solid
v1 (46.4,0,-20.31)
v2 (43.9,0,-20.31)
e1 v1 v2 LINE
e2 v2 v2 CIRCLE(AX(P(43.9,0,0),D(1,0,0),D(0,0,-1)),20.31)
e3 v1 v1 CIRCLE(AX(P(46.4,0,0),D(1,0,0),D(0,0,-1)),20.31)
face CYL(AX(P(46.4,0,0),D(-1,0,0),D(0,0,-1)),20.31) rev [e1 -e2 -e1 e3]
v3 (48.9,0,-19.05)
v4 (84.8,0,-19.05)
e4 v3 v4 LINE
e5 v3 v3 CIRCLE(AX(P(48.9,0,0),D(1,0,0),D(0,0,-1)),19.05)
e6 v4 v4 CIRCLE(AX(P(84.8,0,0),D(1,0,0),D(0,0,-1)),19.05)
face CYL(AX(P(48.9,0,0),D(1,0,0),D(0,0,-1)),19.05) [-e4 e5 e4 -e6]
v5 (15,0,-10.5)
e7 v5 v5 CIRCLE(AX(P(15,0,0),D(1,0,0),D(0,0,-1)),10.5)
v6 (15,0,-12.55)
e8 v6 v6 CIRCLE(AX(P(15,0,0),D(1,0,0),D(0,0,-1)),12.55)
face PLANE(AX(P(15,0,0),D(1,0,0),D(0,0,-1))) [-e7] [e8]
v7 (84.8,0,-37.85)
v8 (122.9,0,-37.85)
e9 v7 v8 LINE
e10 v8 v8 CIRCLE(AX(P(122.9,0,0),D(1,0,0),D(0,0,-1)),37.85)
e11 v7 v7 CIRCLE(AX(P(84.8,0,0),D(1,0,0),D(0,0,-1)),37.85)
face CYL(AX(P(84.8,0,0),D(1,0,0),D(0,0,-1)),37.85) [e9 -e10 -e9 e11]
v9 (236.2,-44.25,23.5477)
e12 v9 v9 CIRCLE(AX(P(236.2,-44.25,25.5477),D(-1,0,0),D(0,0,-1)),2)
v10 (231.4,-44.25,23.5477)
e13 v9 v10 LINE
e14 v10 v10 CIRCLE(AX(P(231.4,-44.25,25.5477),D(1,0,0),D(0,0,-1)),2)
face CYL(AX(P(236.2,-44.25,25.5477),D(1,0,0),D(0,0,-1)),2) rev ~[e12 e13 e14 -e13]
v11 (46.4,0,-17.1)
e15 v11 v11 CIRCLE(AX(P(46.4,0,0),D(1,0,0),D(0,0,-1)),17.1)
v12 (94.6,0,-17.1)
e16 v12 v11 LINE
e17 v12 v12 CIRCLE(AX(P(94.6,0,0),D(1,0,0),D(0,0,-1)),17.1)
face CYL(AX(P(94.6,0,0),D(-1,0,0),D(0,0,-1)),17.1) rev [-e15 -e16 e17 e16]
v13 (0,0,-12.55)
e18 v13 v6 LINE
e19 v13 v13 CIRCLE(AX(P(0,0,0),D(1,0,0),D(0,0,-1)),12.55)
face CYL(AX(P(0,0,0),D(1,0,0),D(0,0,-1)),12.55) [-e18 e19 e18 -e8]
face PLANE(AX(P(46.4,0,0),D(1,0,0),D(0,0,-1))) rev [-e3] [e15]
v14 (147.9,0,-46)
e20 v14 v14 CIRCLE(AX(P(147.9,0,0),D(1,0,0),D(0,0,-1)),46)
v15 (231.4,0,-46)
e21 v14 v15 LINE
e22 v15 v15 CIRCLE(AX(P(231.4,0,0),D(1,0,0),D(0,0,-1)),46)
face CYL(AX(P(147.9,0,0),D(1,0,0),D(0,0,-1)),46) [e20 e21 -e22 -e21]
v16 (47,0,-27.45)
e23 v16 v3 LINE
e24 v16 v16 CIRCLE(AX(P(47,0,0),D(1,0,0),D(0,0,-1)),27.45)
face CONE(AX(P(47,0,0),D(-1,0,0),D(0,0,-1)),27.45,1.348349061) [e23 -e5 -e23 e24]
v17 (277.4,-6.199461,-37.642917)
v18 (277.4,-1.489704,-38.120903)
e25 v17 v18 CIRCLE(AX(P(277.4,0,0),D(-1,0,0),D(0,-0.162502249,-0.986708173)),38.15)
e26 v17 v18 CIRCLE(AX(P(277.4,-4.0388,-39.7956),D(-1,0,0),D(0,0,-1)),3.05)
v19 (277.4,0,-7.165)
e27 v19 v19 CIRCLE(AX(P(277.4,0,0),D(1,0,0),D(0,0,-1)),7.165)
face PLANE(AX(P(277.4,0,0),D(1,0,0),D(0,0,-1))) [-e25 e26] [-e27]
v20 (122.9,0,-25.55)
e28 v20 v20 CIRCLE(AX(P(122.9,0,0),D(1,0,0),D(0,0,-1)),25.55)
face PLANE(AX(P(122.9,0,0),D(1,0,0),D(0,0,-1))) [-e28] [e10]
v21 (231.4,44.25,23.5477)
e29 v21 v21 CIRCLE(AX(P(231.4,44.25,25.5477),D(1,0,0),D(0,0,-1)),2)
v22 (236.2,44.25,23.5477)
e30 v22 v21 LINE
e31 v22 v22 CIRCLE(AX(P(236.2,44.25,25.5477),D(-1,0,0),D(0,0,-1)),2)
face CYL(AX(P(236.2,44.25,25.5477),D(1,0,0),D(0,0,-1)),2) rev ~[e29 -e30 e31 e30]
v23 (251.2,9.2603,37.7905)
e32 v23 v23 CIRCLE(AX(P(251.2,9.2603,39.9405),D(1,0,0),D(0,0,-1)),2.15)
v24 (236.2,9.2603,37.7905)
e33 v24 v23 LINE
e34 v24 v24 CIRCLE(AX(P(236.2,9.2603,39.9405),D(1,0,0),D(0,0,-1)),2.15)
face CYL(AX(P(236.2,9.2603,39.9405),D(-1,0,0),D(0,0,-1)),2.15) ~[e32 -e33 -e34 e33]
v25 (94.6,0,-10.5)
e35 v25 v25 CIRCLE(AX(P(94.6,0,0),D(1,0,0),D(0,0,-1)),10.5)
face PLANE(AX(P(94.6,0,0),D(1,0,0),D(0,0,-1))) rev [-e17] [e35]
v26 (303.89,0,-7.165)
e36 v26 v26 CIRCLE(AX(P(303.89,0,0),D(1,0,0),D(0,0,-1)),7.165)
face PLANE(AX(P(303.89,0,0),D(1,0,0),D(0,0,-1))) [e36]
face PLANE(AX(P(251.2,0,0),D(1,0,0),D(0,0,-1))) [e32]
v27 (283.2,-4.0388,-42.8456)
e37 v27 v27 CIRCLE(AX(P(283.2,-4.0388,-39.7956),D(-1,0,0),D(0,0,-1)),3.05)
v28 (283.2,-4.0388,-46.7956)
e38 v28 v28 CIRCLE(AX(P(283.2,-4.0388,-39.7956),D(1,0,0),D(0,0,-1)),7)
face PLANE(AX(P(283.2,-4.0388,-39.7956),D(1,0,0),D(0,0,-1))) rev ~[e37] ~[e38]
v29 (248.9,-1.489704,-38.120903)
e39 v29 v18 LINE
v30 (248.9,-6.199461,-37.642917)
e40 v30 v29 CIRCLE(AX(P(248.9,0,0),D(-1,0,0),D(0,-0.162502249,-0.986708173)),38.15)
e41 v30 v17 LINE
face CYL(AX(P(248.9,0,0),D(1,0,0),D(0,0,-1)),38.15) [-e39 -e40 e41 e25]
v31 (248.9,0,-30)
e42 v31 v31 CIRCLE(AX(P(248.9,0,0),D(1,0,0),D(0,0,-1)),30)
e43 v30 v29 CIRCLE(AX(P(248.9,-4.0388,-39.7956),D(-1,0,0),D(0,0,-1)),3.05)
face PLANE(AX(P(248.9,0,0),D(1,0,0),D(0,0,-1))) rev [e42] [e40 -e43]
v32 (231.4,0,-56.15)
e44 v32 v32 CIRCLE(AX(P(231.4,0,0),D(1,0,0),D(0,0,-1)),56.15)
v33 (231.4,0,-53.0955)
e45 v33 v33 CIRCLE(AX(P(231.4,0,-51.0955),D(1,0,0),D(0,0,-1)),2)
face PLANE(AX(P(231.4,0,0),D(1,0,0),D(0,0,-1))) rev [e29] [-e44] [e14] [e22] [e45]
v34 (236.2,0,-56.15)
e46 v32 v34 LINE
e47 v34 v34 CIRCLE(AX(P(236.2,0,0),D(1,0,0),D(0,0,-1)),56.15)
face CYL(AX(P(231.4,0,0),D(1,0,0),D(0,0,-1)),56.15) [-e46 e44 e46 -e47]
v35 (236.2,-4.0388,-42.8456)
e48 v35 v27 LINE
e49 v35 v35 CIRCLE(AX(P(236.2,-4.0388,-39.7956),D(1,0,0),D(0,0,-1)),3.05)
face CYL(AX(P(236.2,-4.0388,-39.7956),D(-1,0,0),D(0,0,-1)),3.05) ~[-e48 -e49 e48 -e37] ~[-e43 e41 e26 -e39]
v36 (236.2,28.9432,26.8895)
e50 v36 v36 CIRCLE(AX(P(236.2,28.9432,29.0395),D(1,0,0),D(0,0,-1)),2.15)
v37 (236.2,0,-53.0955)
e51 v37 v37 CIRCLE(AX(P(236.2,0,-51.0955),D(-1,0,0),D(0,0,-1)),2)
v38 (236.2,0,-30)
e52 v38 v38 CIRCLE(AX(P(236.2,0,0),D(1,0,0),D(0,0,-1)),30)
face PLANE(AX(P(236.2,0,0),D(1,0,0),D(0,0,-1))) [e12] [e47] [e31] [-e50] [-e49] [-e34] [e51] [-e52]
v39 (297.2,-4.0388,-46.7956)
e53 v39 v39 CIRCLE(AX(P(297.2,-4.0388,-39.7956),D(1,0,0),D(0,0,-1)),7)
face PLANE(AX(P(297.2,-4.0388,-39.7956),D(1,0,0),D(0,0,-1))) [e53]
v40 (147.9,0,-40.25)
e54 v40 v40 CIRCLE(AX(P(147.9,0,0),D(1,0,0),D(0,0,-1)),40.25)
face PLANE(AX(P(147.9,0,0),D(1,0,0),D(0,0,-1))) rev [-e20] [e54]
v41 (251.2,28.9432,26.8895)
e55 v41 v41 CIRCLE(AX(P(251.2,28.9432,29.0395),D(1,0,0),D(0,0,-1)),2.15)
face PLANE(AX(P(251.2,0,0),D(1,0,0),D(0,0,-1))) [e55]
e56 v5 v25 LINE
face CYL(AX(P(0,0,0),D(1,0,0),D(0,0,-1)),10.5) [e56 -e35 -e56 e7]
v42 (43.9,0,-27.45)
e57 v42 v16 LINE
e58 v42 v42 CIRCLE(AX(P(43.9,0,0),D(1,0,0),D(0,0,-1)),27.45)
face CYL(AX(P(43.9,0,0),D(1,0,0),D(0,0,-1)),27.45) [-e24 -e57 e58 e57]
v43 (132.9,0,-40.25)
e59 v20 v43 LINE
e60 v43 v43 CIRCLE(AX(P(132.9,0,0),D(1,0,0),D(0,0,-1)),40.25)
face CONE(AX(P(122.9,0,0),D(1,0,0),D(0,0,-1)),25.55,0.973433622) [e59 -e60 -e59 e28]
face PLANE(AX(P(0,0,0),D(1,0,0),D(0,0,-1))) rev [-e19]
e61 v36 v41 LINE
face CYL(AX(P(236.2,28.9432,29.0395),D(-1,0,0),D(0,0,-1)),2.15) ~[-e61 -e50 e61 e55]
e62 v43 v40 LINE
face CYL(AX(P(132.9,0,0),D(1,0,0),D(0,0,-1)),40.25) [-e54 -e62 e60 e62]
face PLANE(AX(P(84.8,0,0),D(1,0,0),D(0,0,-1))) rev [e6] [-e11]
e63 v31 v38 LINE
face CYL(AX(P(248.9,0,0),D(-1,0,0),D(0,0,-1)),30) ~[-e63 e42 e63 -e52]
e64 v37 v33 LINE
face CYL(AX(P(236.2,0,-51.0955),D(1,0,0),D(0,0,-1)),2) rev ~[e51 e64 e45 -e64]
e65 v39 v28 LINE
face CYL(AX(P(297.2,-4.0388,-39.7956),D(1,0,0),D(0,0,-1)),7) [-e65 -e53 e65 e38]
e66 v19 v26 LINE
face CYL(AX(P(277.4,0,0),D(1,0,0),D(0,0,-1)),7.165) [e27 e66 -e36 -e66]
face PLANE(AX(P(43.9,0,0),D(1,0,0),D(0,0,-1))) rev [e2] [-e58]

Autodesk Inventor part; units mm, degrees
ref_plane "YZ Plane" through (0, 0, 0) normal (1, 0, 0) x (0, 1, 0)
ref_plane "XZ Plane" through (0, 0, 0) normal (0, 1, 0) x (-1, 0, 0)
ref_plane "XY Plane" through (0, 0, 0) normal (0, 0, 1) x (1, 0, 0)
sketch "Sketch1" plane through (0, 0, 0) normal (0, 1, 0) x (-1, 0, 0)
  line L0 (0, 0) -> (-303.89, 0)
  line L1 (0, 0) -> (0, -10.5)
  line L2 (0, -10.5) -> (-94.6, -10.5)
  line L3 (-94.6, -10.5) -> (-94.6, -17.1)
  line L4 (-94.6, -17.1) -> (-46.4, -17.1)
  line L5 (-46.4, -17.1) -> (-46.4, -20.31)
  line L6 (-46.4, -20.31) -> (-43.9, -20.31)
  line L7 (-43.9, -20.31) -> (-43.9, -27.45)
  line L8 (-43.9, -27.45) -> (-47, -27.45)
  line L9 (-47, -27.45) -> (-48.9, -19.05)
  line L10 (-48.9, -19.05) -> (-84.8, -19.05)
  line L11 (-84.8, -19.05) -> (-84.8, -37.85)
  line L12 (-84.8, -37.85) -> (-122.9, -37.85)
  line L13 (-122.9, -37.85) -> (-122.9, -25.55)
  line L14 (-122.9, -25.55) -> (-132.9, -40.25)
  line L15 (-132.9, -40.25) -> (-132.9, -40.25)
  line L16 (-132.9, -40.25) -> (-147.9, -40.25)
  line L17 (-147.9, -40.25) -> (-147.9, -46)
  line L18 (-147.9, -46) -> (-150, -46)
  line L19 (-150, -46) -> (-150, -46)
  line L20 (-150, -46) -> (-231.4, -46)
  line L21 (-231.4, -46) -> (-231.4, -56.15)
  line L22 (-231.4, -56.15) -> (-236.2, -56.15)
  line L23 (-236.2, -56.15) -> (-236.2, 0)
  line L24 (-248.9, 0) -> (-248.9, -38.15)
  line L25 (-248.9, -38.15) -> (-277.4, -38.15)
  line L26 (-277.4, -38.15) -> (-277.4, -7.165)
  line L27 (-277.4, -7.165) -> (-303.89, -7.165)
  line L28 (-303.89, -7.165) -> (-303.89, 0)
  line L29 (0, -10.5) -> (0, -12.55)
  line L30 (0, -12.55) -> (-15, -12.55)
  line L31 (-15, -12.55) -> (-15, -10.5)
  line L32 (-236.2, 0) -> (-248.9, 0)
  line L33 (-248.9, 0) -> (-248.9, -30)
  line L34 (-248.9, -30) -> (-236.2, -30)
  line L35 (-236.2, -30) -> (-236.2, 0)
  dimension "d0" = 303.89
  dimension "d1" = 10.5
  dimension "d2" = 94.6
  dimension "d3" = 6.6
  dimension "d4" = 48.2
  dimension "d5" = 3.21
  dimension "d6" = 2.5
  dimension "d7" = 27.45
  dimension "d8" = 3.1
  dimension "d9" = 5
  dimension "d10" = 19.05
  dimension "d11" = 37.8
  dimension "d12" = 37.85
  dimension "d13" = 38.1
  dimension "d14" = 12.3
  dimension "d16" = 10
  dimension "d17" = 40.25
  dimension "d18" = 40.25
  dimension "d19" = 15
  dimension "d20" = 46
  dimension "d21" = 2.1
  dimension "d22" = 46
  dimension "d23" = 98.5
  dimension "d24" = 56.15
  dimension "d25" = 103.3
  dimension "d26" = 12.7
  dimension "d27" = 144.5
  dimension "d28" = 38.15
  dimension "d29" = 90
  dimension "d30" = 7.165
  dimension "d31" = 26.49
  dimension "d54" = 15
  dimension "d55" = 12.55
  dimension "d56" = 30
revolve "Revolution1" add sketch "Sketch1" angle 360 about axis through (0, 0, 0) along (1, 0, 0)
sketch "Sketch6" plane through (236.2, 0, 0) normal (1, 0, 0) x (0, 0, -1)
  line L0 (-25.5477, -44.25) -> (-25.5477, 44.25)
  line L1 (-25.5477, 44.25) -> (51.0955, 0)
  line L2 (51.0955, 0) -> (-25.5477, -44.25)
  circle A0 centre (51.0955, 0) radius 2
  circle A1 centre (-25.5477, -44.25) radius 2
  circle A2 centre (-25.5477, 44.25) radius 2
  point P0 (0, 0)
  point P1 (0, 0)
  dimension "d57" = 4
  dimension "d58" = 88.5
extrude "Extrusion3" cut sketch "Sketch6" against normal up to surface (4.8 mm away) contours L2 A1 L0 | L0 A1 L2 | A2 L1 L0 | L0 L1 A2 | A0 L1 L2 | L2 L1 A0
sketch "Sketch7" plane through (236.2, 0, 0) normal (1, 0, 0) x (0, 0, -1)
  circle A0 centre (0, 0) radius 30 projected
  circle A1 centre (0, 0) radius 41 construction
  circle A2 centre (-29.0395, 28.9432) radius 2.15
  circle A3 centre (-39.9405, 9.2603) radius 2.15
  circle A4 centre (-25.5477, 44.25) radius 2 projected
  dimension "d61" = 11
  dimension "d62" = 4.3
  dimension "d63" = 22.5
  dimension "d64" = 15.7
extrude "Extrusion4" add sketch "Sketch7" along normal blind 15 contours A2 | A3
sketch "Sketch8" plane through (236.2, 0, 0) normal (1, 0, 0) x (0, 0, -1)
  circle A0 centre (0, 0) radius 30 projected
  circle A1 centre (0, 0) radius 40 construction
  circle A2 centre (39.7956, -4.0388) radius 3.05
  circle A3 centre (51.0955, 0) radius 2 projected
  dimension "d67" = 10
  dimension "d68" = 6.1
  dimension "d69" = 12
extrude "Extrusion5" add sketch "Sketch8" along normal blind 61 contours A2
sketch "Sketch9" plane through (297.2, -4.0388, -39.7956) normal (1, 0, 0) x (0, 0, -1)
  circle A0 centre (0, 0) radius 3.05 projected
  circle A1 centre (0, 0) radius 7
  point P0 (-39.7956, 4.0388)
  dimension "d72" = 14
extrude "Extrusion6" add sketch "Sketch9" against normal blind 14 contours A0 | A1
properties part number "STI NGC Cryocooler"
